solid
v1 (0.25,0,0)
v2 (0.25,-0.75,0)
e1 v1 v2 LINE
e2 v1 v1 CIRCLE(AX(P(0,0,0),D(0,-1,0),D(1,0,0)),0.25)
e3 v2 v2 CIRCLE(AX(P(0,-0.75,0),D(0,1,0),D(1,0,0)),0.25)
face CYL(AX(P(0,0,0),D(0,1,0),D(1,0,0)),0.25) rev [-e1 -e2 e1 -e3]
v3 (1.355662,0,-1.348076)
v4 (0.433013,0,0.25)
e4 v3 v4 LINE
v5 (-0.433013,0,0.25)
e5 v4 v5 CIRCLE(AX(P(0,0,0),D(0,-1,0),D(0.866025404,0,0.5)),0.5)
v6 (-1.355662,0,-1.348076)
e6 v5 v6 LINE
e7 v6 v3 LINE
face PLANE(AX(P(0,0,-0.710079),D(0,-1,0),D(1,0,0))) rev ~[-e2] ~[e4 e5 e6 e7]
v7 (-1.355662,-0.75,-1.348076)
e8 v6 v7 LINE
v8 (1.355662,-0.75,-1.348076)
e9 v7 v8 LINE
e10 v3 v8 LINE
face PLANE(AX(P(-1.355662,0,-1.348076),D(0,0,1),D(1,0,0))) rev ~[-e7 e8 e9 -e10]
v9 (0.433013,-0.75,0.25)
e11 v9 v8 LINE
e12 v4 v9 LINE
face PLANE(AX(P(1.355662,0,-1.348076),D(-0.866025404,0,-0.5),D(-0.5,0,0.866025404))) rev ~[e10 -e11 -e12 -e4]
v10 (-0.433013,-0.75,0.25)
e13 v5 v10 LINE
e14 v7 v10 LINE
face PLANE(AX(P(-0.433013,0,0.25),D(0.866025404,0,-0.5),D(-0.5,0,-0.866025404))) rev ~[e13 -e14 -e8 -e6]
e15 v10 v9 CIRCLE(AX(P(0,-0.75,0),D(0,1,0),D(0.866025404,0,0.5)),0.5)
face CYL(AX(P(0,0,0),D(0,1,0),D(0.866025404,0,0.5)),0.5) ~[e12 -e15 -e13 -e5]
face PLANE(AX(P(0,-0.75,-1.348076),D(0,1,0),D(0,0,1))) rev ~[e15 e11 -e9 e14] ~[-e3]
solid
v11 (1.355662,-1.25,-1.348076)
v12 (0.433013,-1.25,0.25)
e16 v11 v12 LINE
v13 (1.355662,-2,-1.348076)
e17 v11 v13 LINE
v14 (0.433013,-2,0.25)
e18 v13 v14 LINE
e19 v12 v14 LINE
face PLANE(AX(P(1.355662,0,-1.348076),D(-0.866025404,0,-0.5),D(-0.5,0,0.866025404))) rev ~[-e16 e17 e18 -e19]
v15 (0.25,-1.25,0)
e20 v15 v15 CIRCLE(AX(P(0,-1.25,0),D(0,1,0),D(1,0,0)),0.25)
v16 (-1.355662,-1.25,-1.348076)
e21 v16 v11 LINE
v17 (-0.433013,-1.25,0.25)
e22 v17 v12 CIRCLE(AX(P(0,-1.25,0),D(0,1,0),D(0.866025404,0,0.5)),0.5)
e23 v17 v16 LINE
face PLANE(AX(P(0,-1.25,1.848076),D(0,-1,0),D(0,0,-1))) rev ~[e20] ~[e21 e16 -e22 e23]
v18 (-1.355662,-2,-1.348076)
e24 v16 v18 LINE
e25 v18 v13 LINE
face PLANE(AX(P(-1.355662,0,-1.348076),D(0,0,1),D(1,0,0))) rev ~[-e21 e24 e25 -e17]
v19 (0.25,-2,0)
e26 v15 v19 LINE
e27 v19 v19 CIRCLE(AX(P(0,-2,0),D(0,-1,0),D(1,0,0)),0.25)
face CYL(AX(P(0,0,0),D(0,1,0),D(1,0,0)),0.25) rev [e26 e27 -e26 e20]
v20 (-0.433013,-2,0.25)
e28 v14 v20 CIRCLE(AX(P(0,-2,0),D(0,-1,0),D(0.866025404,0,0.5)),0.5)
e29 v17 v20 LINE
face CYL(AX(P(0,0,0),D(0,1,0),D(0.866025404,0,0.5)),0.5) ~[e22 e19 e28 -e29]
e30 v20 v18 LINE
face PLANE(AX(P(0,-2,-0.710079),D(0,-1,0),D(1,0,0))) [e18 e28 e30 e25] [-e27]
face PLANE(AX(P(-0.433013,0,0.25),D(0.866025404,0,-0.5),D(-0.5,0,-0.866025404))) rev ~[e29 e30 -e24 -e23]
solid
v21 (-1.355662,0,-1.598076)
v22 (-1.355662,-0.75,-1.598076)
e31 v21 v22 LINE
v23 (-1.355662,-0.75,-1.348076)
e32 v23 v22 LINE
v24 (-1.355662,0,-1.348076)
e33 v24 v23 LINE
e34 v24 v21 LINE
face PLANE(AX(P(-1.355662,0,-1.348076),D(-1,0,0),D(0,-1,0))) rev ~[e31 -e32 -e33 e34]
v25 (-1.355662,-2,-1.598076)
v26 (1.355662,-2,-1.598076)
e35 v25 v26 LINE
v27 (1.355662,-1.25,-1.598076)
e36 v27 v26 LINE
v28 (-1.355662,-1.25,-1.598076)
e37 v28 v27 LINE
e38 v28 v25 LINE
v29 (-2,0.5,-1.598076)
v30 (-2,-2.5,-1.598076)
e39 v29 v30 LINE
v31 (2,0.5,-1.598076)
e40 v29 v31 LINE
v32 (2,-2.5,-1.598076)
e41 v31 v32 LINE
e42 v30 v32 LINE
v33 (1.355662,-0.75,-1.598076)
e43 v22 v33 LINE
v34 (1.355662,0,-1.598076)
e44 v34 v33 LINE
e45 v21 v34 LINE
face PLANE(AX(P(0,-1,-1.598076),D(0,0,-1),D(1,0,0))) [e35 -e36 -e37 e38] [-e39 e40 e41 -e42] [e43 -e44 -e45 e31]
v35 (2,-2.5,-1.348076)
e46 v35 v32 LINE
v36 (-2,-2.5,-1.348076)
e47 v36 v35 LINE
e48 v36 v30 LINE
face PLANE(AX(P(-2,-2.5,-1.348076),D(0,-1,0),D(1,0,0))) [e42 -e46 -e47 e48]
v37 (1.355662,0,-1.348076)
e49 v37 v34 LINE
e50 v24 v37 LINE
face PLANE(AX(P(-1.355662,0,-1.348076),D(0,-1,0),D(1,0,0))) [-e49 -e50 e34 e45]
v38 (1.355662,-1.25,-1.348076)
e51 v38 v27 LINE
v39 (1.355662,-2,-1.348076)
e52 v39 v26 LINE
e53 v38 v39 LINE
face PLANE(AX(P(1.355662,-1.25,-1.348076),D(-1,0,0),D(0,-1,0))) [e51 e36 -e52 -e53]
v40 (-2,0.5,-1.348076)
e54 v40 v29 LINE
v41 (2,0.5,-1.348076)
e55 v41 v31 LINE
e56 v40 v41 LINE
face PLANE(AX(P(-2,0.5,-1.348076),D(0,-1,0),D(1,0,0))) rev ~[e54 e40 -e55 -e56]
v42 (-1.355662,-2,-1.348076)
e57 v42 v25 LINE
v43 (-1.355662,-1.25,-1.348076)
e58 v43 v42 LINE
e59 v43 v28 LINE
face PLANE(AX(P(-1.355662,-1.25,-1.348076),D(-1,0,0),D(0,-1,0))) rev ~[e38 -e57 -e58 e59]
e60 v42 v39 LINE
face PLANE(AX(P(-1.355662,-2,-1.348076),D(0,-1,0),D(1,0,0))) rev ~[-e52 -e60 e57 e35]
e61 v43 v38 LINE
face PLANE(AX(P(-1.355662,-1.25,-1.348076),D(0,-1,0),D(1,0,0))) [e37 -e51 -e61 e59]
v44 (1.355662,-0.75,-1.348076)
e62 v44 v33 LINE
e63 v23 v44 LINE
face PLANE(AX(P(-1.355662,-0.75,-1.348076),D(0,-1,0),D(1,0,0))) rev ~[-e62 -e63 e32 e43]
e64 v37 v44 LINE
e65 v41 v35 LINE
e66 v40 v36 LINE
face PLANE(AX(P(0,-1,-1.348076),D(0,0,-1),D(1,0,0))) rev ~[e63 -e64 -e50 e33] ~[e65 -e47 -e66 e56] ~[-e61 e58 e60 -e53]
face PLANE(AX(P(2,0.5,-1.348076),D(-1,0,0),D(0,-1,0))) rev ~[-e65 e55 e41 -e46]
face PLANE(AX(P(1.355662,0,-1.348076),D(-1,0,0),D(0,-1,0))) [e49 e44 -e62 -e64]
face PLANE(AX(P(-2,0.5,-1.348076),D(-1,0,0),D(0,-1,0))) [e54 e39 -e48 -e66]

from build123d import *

# Parameters (mm, degrees)
F0_R     = 0.25
F1_DEPTH = 2
F2_W     = 0.5
F2_H     = 1.5980762114
F3_DEPTH = 12.5
F4_W     = 4
F4_H     = 3
F4_W_2   = 2.7113248654
F4_H_2   = 0.75
F5_DEPTH = 0.25


with BuildPart() as f1:
    # F0 (on Front) → F1 (new body)
    with BuildSketch(Plane.XZ):
        with BuildLine():
            ThreePointArc((0.4330127019, 0.25), (0, 0.5), (-0.4330127019, 0.25))
            Line((-0.4330127019, 0.25), (-1.3556624327, -1.3480762114))
            Line((-1.3556624327, -1.3480762114), (1.3556624327, -1.3480762114))
            Line((1.3556624327, -1.3480762114), (0.4330127019, 0.25))
        make_face()
        Circle(F0_R, mode=Mode.SUBTRACT)
    extrude(amount=F1_DEPTH)

    # F2 (on Right) → F3 (cut, symmetric)
    with BuildSketch(Plane.YZ):
        with Locations((-1, 1.0490381057)):
            Rectangle(F2_W, F2_H)
        with Locations((-1, -0.5490381057)):
            Rectangle(F2_W, F2_H)
    extrude(amount=F3_DEPTH, both=True, mode=Mode.SUBTRACT)


with BuildPart() as f5:
    # F4 (on face) → F5 (new body)
    with BuildSketch(Plane(origin=(0, 0, -1.3480762114), x_dir=(1, 0, 0), z_dir=(0, 0, -1))):
        with Locations((0, 1)):
            Rectangle(F4_W, F4_H)
        with Locations((0, 0.375)):
            Rectangle(F4_W_2, F4_H_2, mode=Mode.SUBTRACT)
        with Locations((0, 1.625)):
            Rectangle(F4_W_2, F4_H_2, mode=Mode.SUBTRACT)
    extrude(amount=F5_DEPTH)


solid = Compound([f1.part, f5.part])
